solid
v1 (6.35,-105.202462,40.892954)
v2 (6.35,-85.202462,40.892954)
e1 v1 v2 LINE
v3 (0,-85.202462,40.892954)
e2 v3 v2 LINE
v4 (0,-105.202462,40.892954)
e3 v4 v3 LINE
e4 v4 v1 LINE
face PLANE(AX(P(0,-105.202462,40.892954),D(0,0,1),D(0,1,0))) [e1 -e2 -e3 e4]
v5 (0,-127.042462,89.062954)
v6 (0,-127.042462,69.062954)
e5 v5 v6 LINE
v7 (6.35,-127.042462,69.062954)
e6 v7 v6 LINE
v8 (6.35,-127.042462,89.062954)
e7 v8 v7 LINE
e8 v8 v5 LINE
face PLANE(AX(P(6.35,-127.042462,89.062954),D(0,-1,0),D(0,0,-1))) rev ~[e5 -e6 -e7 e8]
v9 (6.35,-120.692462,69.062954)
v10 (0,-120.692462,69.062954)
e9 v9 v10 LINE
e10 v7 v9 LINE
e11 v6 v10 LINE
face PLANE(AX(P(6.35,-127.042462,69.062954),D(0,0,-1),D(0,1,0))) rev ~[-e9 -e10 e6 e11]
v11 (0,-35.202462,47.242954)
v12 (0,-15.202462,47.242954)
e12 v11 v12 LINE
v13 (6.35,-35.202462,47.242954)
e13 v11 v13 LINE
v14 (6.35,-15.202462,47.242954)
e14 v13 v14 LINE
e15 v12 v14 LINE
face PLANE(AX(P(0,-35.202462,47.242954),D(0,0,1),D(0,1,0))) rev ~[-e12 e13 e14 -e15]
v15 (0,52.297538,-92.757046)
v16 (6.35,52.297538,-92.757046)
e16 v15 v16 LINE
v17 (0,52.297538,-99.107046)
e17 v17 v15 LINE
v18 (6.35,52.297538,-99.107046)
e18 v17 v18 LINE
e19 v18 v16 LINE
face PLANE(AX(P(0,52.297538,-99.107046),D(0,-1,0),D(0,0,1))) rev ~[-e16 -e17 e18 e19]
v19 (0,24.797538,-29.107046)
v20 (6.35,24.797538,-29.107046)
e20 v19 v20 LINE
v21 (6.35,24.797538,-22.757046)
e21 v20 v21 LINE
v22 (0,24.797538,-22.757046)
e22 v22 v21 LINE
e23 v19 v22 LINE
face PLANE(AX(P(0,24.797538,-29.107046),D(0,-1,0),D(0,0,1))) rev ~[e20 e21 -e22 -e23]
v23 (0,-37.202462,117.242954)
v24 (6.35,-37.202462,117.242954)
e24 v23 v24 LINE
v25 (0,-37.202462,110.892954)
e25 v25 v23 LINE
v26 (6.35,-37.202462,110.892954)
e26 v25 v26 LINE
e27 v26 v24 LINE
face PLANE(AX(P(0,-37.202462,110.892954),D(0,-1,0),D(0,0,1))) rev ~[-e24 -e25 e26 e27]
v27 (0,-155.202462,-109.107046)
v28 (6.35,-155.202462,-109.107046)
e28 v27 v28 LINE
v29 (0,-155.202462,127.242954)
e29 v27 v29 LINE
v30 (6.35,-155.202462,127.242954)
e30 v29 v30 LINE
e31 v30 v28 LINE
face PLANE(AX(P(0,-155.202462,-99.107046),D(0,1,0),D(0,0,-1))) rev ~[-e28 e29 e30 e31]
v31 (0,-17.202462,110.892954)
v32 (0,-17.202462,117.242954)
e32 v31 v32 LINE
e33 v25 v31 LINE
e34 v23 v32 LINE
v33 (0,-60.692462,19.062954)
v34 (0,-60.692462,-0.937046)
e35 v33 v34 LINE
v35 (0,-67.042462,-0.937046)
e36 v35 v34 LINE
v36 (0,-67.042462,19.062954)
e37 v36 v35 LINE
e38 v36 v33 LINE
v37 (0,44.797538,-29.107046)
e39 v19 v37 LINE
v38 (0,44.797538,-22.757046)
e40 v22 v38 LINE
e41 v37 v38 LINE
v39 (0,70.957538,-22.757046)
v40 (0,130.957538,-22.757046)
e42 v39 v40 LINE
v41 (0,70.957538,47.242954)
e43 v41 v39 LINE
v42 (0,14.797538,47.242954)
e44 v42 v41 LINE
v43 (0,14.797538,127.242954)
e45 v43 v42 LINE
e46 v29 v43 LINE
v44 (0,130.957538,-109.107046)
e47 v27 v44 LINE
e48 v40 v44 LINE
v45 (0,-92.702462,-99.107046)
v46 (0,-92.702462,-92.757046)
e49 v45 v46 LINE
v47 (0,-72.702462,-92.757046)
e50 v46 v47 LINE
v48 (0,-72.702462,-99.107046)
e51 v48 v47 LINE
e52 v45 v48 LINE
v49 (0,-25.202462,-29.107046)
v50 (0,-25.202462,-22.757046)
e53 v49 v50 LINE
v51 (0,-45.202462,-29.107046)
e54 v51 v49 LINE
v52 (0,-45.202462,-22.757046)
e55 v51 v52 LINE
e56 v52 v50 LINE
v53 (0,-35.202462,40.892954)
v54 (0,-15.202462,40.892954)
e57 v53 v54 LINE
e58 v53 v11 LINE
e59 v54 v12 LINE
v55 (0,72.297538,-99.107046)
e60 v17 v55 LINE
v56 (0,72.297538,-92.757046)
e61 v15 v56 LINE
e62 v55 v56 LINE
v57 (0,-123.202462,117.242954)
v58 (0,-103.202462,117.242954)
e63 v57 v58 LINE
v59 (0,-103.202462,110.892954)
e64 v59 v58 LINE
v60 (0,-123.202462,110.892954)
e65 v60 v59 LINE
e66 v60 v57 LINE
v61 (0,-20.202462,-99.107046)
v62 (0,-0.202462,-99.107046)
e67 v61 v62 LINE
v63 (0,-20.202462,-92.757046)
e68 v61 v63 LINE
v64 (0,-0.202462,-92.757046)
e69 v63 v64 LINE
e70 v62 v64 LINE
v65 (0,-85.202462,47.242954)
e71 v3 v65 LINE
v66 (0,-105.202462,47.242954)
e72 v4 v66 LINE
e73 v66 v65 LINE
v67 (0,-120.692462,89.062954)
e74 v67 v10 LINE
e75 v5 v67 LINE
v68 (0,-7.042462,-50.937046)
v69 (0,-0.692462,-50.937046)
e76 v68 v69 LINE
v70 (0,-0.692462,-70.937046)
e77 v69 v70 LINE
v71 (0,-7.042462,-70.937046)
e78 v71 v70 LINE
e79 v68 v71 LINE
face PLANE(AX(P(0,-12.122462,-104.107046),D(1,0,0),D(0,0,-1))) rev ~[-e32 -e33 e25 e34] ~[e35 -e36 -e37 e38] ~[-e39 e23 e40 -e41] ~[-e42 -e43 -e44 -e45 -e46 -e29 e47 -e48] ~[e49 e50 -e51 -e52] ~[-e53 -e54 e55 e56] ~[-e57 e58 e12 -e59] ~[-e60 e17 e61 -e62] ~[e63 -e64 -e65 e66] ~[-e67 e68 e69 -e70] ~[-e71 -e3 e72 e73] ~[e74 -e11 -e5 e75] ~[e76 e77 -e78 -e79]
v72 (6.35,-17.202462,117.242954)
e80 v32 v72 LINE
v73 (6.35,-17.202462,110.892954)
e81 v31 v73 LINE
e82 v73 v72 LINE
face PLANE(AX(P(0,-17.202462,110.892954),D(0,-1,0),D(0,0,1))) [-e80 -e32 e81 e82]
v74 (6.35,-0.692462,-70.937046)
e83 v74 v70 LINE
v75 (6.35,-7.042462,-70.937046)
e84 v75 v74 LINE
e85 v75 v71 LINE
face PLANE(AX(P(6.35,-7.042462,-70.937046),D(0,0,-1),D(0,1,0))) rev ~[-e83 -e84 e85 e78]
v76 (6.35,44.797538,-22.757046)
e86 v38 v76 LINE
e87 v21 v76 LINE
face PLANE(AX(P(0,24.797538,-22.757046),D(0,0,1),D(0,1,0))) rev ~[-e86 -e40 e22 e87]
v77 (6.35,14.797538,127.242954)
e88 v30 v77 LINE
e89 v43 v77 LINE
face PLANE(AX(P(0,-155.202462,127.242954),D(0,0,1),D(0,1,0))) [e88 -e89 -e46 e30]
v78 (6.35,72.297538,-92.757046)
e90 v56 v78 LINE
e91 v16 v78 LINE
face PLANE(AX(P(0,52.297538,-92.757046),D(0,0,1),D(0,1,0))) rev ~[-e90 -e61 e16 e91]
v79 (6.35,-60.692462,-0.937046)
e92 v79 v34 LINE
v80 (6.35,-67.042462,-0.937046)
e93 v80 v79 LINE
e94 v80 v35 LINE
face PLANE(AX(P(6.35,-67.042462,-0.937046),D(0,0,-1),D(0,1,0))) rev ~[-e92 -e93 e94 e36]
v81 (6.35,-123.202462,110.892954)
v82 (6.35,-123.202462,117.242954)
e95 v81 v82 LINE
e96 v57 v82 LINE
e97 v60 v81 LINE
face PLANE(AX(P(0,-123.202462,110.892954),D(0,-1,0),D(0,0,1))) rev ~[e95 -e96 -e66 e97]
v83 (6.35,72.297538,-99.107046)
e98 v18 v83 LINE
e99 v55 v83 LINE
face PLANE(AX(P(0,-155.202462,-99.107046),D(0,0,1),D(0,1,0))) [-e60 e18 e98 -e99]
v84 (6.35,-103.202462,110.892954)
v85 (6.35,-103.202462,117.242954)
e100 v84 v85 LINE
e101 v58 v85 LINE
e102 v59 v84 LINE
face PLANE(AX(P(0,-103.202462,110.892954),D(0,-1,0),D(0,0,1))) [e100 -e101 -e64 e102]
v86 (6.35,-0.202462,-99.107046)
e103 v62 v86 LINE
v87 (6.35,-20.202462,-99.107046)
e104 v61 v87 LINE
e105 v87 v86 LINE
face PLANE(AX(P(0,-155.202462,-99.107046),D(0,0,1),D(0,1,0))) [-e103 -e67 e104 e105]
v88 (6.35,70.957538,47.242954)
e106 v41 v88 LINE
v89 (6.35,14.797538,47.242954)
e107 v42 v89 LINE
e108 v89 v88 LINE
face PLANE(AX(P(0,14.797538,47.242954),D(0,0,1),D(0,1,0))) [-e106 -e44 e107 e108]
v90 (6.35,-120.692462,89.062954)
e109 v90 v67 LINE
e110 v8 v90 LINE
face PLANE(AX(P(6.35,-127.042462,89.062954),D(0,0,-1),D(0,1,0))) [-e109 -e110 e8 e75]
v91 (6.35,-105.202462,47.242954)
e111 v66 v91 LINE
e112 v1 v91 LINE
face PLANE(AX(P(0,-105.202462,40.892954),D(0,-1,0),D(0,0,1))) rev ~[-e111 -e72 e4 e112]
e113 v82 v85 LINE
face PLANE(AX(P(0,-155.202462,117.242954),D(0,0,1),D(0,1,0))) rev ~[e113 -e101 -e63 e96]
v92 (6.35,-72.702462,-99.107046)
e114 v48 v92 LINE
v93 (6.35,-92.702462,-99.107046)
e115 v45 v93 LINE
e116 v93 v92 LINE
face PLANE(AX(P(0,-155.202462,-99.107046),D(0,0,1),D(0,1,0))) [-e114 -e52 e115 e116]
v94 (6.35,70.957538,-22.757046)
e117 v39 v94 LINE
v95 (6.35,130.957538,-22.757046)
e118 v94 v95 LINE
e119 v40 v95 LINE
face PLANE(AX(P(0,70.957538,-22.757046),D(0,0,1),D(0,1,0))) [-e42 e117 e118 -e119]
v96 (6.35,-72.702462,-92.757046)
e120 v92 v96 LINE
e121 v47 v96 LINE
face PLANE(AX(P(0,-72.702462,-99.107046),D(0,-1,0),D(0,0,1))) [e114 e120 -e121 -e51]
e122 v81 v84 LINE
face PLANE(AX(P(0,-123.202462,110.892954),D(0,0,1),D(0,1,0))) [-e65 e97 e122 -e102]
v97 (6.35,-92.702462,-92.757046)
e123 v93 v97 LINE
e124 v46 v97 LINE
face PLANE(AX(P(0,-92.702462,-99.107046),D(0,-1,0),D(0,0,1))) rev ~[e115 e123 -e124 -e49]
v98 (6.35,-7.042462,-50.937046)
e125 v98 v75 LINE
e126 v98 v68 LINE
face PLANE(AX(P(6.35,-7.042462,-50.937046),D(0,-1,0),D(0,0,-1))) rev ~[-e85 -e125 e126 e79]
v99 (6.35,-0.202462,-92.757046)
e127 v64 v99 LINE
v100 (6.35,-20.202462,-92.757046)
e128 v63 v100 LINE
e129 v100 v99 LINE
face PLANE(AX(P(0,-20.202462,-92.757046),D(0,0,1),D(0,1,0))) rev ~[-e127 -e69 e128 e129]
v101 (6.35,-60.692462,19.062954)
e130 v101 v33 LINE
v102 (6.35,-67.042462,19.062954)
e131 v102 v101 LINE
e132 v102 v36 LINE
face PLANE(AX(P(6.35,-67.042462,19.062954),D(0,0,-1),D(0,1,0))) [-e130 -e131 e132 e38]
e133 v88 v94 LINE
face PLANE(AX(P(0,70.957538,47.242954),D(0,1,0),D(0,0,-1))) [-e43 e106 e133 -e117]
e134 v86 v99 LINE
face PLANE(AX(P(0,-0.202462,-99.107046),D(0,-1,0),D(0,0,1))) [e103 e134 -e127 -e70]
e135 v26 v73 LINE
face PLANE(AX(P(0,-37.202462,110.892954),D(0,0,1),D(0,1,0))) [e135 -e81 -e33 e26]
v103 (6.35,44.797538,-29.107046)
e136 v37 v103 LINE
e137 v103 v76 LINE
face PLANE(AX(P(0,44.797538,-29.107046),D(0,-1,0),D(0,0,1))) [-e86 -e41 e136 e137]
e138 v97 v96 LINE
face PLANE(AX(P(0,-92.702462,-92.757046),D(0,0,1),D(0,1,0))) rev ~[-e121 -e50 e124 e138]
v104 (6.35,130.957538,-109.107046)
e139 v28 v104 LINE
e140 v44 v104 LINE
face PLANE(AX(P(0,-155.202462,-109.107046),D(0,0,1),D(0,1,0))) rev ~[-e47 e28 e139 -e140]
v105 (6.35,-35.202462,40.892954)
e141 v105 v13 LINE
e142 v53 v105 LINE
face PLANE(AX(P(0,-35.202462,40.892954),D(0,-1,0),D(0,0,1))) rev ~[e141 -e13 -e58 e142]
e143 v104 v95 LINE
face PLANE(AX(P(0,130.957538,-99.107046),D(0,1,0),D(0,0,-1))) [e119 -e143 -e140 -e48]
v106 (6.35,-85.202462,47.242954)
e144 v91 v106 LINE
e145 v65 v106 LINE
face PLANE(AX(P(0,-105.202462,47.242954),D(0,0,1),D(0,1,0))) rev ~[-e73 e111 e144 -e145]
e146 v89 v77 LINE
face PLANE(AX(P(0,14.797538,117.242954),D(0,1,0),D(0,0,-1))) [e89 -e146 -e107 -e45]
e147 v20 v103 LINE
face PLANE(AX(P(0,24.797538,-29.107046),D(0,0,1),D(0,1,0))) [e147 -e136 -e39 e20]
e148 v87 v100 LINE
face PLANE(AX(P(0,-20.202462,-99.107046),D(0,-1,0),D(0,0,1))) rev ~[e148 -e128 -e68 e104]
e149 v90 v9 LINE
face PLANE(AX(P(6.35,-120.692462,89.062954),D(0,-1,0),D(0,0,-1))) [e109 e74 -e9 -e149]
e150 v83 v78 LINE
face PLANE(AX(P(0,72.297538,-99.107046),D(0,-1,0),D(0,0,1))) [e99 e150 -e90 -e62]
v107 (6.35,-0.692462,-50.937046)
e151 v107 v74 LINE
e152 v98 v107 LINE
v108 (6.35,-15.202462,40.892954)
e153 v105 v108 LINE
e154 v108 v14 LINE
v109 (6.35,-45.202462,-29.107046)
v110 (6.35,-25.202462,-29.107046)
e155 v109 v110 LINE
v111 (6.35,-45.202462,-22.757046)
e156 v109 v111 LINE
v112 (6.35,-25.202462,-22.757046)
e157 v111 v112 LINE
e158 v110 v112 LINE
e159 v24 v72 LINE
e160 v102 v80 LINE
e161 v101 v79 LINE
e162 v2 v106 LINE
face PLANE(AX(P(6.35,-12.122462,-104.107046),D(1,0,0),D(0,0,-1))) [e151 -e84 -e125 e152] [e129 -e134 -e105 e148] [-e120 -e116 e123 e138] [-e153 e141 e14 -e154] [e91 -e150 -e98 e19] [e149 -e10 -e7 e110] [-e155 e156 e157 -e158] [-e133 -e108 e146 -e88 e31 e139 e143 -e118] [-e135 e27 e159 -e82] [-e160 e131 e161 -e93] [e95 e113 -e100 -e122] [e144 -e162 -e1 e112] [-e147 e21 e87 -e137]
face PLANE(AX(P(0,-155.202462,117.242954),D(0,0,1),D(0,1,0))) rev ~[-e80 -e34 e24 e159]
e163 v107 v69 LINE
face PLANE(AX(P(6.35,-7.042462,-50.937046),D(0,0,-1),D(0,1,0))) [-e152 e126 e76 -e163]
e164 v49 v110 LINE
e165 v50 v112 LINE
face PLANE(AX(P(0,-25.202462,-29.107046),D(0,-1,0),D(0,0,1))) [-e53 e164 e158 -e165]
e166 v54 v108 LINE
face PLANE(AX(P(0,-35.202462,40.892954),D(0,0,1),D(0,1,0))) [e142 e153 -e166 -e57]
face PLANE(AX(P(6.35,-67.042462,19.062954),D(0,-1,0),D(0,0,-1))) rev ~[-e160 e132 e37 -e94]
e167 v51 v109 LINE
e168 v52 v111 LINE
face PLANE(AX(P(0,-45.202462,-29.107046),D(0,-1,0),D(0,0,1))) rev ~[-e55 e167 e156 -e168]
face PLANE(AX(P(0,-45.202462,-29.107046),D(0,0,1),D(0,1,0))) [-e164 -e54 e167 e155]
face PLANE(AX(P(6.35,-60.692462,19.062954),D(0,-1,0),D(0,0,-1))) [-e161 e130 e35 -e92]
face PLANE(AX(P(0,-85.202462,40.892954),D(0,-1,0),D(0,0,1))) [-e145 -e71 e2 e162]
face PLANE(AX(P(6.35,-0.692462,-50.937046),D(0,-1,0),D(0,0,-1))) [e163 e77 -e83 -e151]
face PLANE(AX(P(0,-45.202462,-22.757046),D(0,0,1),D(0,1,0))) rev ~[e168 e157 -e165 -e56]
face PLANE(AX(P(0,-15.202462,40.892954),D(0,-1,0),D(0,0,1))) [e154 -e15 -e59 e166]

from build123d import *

# Parameters (mm, degrees)
SALIENTE_EXTRUIR1_DEPTH = 6.35
CROQUIS2_W              = 6.35
CROQUIS2_H              = 20
CORTAR_EXTRUIR1_DEPTH   = 10
CROQUIS3_W              = 6.35
CROQUIS3_H              = 286.16
SALIENTE_EXTRUIR2_DEPTH = 6.35
CROQUIS4_W              = 6.35
CROQUIS4_H              = 20
CORTAR_EXTRUIR2_DEPTH   = 6.35
CROQUIS5_W              = 20
CROQUIS5_H              = 6.35
CORTAR_EXTRUIR3_DEPTH   = 10
CROQUIS6_W              = 10
CROQUIS6_H              = 286.16
CROQUIS6_H_2            = 170
SALIENTE_EXTRUIR3_DEPTH = 6.35


with BuildPart() as part:
    # Croquis1 → Saliente-Extruir1 (new body)
    with BuildSketch(Plane(origin=(0, 0, 0), x_dir=(0, 0, -1), z_dir=(1, 0, 0))):
        Polygon((-117.242954184, -155.20246182), (-117.242954184, 14.79753818), (-47.242954184, 14.79753818), (-47.242954184, 70.95753818), (22.757045816, 70.95753818), (22.757045816, 130.95753818), (92.757045816, 130.95753818), (92.757045816, -155.20246182), align=None)
    extrude(amount=SALIENTE_EXTRUIR1_DEPTH)

    # Croquis2 → Cortar-Extruir1 (cut)
    with BuildSketch(Plane.ZY):
        with Locations((114.067954184, -27.20246182)):
            Rectangle(CROQUIS2_W, CROQUIS2_H)
        with Locations((114.067954184, -113.20246182)):
            Rectangle(CROQUIS2_W, CROQUIS2_H)
        with Locations((44.067954184, -25.20246182)):
            Rectangle(CROQUIS2_W, CROQUIS2_H)
        with Locations((44.067954184, -95.20246182)):
            Rectangle(CROQUIS2_W, CROQUIS2_H)
        with Locations((-25.932045816, 34.79753818)):
            Rectangle(CROQUIS2_W, CROQUIS2_H)
        with Locations((-25.932045816, -35.20246182)):
            Rectangle(CROQUIS2_W, CROQUIS2_H)
    extrude(amount=-CORTAR_EXTRUIR1_DEPTH, mode=Mode.SUBTRACT)

    # Croquis3 → Saliente-Extruir2 (add)
    with BuildSketch(Plane(origin=(0, 0, 0), x_dir=(0, 0, -1), z_dir=(1, 0, 0))):
        with Locations((95.932045816, -12.12246182)):
            Rectangle(CROQUIS3_W, CROQUIS3_H)
    extrude(amount=SALIENTE_EXTRUIR2_DEPTH)

    # Croquis4 → Cortar-Extruir2 (cut)
    with BuildSketch(Plane.ZY):
        with Locations((-95.932045816, -10.20246182)):
            Rectangle(CROQUIS4_W, CROQUIS4_H)
        with Locations((-95.932045816, 62.29753818)):
            Rectangle(CROQUIS4_W, CROQUIS4_H)
        with Locations((-95.932045816, -82.70246182)):
            Rectangle(CROQUIS4_W, CROQUIS4_H)
    extrude(amount=-CORTAR_EXTRUIR2_DEPTH, mode=Mode.SUBTRACT)

    # Croquis5 → Cortar-Extruir3 (cut)
    with BuildSketch(Plane(origin=(6.35, 0, 0), x_dir=(0, 0, -1), z_dir=(1, 0, 0))):
        with Locations((-79.062954184, -123.86746182)):
            Rectangle(CROQUIS5_W, CROQUIS5_H)
        with Locations((-9.062954184, -63.86746182)):
            Rectangle(CROQUIS5_W, CROQUIS5_H)
        with Locations((60.937045816, -3.86746182)):
            Rectangle(CROQUIS5_W, CROQUIS5_H)
    extrude(amount=-CORTAR_EXTRUIR3_DEPTH, mode=Mode.SUBTRACT)

    # Croquis6 → Saliente-Extruir3 (add)
    with BuildSketch(Plane(origin=(0, 0, 0), x_dir=(0, 0, -1), z_dir=(1, 0, 0))):
        with Locations((104.107045816, -12.12246182)):
            Rectangle(CROQUIS6_W, CROQUIS6_H)
        with Locations((-122.242954184, -70.20246182)):
            Rectangle(CROQUIS6_W, CROQUIS6_H_2)
    extrude(amount=SALIENTE_EXTRUIR3_DEPTH)


solid = part.part
